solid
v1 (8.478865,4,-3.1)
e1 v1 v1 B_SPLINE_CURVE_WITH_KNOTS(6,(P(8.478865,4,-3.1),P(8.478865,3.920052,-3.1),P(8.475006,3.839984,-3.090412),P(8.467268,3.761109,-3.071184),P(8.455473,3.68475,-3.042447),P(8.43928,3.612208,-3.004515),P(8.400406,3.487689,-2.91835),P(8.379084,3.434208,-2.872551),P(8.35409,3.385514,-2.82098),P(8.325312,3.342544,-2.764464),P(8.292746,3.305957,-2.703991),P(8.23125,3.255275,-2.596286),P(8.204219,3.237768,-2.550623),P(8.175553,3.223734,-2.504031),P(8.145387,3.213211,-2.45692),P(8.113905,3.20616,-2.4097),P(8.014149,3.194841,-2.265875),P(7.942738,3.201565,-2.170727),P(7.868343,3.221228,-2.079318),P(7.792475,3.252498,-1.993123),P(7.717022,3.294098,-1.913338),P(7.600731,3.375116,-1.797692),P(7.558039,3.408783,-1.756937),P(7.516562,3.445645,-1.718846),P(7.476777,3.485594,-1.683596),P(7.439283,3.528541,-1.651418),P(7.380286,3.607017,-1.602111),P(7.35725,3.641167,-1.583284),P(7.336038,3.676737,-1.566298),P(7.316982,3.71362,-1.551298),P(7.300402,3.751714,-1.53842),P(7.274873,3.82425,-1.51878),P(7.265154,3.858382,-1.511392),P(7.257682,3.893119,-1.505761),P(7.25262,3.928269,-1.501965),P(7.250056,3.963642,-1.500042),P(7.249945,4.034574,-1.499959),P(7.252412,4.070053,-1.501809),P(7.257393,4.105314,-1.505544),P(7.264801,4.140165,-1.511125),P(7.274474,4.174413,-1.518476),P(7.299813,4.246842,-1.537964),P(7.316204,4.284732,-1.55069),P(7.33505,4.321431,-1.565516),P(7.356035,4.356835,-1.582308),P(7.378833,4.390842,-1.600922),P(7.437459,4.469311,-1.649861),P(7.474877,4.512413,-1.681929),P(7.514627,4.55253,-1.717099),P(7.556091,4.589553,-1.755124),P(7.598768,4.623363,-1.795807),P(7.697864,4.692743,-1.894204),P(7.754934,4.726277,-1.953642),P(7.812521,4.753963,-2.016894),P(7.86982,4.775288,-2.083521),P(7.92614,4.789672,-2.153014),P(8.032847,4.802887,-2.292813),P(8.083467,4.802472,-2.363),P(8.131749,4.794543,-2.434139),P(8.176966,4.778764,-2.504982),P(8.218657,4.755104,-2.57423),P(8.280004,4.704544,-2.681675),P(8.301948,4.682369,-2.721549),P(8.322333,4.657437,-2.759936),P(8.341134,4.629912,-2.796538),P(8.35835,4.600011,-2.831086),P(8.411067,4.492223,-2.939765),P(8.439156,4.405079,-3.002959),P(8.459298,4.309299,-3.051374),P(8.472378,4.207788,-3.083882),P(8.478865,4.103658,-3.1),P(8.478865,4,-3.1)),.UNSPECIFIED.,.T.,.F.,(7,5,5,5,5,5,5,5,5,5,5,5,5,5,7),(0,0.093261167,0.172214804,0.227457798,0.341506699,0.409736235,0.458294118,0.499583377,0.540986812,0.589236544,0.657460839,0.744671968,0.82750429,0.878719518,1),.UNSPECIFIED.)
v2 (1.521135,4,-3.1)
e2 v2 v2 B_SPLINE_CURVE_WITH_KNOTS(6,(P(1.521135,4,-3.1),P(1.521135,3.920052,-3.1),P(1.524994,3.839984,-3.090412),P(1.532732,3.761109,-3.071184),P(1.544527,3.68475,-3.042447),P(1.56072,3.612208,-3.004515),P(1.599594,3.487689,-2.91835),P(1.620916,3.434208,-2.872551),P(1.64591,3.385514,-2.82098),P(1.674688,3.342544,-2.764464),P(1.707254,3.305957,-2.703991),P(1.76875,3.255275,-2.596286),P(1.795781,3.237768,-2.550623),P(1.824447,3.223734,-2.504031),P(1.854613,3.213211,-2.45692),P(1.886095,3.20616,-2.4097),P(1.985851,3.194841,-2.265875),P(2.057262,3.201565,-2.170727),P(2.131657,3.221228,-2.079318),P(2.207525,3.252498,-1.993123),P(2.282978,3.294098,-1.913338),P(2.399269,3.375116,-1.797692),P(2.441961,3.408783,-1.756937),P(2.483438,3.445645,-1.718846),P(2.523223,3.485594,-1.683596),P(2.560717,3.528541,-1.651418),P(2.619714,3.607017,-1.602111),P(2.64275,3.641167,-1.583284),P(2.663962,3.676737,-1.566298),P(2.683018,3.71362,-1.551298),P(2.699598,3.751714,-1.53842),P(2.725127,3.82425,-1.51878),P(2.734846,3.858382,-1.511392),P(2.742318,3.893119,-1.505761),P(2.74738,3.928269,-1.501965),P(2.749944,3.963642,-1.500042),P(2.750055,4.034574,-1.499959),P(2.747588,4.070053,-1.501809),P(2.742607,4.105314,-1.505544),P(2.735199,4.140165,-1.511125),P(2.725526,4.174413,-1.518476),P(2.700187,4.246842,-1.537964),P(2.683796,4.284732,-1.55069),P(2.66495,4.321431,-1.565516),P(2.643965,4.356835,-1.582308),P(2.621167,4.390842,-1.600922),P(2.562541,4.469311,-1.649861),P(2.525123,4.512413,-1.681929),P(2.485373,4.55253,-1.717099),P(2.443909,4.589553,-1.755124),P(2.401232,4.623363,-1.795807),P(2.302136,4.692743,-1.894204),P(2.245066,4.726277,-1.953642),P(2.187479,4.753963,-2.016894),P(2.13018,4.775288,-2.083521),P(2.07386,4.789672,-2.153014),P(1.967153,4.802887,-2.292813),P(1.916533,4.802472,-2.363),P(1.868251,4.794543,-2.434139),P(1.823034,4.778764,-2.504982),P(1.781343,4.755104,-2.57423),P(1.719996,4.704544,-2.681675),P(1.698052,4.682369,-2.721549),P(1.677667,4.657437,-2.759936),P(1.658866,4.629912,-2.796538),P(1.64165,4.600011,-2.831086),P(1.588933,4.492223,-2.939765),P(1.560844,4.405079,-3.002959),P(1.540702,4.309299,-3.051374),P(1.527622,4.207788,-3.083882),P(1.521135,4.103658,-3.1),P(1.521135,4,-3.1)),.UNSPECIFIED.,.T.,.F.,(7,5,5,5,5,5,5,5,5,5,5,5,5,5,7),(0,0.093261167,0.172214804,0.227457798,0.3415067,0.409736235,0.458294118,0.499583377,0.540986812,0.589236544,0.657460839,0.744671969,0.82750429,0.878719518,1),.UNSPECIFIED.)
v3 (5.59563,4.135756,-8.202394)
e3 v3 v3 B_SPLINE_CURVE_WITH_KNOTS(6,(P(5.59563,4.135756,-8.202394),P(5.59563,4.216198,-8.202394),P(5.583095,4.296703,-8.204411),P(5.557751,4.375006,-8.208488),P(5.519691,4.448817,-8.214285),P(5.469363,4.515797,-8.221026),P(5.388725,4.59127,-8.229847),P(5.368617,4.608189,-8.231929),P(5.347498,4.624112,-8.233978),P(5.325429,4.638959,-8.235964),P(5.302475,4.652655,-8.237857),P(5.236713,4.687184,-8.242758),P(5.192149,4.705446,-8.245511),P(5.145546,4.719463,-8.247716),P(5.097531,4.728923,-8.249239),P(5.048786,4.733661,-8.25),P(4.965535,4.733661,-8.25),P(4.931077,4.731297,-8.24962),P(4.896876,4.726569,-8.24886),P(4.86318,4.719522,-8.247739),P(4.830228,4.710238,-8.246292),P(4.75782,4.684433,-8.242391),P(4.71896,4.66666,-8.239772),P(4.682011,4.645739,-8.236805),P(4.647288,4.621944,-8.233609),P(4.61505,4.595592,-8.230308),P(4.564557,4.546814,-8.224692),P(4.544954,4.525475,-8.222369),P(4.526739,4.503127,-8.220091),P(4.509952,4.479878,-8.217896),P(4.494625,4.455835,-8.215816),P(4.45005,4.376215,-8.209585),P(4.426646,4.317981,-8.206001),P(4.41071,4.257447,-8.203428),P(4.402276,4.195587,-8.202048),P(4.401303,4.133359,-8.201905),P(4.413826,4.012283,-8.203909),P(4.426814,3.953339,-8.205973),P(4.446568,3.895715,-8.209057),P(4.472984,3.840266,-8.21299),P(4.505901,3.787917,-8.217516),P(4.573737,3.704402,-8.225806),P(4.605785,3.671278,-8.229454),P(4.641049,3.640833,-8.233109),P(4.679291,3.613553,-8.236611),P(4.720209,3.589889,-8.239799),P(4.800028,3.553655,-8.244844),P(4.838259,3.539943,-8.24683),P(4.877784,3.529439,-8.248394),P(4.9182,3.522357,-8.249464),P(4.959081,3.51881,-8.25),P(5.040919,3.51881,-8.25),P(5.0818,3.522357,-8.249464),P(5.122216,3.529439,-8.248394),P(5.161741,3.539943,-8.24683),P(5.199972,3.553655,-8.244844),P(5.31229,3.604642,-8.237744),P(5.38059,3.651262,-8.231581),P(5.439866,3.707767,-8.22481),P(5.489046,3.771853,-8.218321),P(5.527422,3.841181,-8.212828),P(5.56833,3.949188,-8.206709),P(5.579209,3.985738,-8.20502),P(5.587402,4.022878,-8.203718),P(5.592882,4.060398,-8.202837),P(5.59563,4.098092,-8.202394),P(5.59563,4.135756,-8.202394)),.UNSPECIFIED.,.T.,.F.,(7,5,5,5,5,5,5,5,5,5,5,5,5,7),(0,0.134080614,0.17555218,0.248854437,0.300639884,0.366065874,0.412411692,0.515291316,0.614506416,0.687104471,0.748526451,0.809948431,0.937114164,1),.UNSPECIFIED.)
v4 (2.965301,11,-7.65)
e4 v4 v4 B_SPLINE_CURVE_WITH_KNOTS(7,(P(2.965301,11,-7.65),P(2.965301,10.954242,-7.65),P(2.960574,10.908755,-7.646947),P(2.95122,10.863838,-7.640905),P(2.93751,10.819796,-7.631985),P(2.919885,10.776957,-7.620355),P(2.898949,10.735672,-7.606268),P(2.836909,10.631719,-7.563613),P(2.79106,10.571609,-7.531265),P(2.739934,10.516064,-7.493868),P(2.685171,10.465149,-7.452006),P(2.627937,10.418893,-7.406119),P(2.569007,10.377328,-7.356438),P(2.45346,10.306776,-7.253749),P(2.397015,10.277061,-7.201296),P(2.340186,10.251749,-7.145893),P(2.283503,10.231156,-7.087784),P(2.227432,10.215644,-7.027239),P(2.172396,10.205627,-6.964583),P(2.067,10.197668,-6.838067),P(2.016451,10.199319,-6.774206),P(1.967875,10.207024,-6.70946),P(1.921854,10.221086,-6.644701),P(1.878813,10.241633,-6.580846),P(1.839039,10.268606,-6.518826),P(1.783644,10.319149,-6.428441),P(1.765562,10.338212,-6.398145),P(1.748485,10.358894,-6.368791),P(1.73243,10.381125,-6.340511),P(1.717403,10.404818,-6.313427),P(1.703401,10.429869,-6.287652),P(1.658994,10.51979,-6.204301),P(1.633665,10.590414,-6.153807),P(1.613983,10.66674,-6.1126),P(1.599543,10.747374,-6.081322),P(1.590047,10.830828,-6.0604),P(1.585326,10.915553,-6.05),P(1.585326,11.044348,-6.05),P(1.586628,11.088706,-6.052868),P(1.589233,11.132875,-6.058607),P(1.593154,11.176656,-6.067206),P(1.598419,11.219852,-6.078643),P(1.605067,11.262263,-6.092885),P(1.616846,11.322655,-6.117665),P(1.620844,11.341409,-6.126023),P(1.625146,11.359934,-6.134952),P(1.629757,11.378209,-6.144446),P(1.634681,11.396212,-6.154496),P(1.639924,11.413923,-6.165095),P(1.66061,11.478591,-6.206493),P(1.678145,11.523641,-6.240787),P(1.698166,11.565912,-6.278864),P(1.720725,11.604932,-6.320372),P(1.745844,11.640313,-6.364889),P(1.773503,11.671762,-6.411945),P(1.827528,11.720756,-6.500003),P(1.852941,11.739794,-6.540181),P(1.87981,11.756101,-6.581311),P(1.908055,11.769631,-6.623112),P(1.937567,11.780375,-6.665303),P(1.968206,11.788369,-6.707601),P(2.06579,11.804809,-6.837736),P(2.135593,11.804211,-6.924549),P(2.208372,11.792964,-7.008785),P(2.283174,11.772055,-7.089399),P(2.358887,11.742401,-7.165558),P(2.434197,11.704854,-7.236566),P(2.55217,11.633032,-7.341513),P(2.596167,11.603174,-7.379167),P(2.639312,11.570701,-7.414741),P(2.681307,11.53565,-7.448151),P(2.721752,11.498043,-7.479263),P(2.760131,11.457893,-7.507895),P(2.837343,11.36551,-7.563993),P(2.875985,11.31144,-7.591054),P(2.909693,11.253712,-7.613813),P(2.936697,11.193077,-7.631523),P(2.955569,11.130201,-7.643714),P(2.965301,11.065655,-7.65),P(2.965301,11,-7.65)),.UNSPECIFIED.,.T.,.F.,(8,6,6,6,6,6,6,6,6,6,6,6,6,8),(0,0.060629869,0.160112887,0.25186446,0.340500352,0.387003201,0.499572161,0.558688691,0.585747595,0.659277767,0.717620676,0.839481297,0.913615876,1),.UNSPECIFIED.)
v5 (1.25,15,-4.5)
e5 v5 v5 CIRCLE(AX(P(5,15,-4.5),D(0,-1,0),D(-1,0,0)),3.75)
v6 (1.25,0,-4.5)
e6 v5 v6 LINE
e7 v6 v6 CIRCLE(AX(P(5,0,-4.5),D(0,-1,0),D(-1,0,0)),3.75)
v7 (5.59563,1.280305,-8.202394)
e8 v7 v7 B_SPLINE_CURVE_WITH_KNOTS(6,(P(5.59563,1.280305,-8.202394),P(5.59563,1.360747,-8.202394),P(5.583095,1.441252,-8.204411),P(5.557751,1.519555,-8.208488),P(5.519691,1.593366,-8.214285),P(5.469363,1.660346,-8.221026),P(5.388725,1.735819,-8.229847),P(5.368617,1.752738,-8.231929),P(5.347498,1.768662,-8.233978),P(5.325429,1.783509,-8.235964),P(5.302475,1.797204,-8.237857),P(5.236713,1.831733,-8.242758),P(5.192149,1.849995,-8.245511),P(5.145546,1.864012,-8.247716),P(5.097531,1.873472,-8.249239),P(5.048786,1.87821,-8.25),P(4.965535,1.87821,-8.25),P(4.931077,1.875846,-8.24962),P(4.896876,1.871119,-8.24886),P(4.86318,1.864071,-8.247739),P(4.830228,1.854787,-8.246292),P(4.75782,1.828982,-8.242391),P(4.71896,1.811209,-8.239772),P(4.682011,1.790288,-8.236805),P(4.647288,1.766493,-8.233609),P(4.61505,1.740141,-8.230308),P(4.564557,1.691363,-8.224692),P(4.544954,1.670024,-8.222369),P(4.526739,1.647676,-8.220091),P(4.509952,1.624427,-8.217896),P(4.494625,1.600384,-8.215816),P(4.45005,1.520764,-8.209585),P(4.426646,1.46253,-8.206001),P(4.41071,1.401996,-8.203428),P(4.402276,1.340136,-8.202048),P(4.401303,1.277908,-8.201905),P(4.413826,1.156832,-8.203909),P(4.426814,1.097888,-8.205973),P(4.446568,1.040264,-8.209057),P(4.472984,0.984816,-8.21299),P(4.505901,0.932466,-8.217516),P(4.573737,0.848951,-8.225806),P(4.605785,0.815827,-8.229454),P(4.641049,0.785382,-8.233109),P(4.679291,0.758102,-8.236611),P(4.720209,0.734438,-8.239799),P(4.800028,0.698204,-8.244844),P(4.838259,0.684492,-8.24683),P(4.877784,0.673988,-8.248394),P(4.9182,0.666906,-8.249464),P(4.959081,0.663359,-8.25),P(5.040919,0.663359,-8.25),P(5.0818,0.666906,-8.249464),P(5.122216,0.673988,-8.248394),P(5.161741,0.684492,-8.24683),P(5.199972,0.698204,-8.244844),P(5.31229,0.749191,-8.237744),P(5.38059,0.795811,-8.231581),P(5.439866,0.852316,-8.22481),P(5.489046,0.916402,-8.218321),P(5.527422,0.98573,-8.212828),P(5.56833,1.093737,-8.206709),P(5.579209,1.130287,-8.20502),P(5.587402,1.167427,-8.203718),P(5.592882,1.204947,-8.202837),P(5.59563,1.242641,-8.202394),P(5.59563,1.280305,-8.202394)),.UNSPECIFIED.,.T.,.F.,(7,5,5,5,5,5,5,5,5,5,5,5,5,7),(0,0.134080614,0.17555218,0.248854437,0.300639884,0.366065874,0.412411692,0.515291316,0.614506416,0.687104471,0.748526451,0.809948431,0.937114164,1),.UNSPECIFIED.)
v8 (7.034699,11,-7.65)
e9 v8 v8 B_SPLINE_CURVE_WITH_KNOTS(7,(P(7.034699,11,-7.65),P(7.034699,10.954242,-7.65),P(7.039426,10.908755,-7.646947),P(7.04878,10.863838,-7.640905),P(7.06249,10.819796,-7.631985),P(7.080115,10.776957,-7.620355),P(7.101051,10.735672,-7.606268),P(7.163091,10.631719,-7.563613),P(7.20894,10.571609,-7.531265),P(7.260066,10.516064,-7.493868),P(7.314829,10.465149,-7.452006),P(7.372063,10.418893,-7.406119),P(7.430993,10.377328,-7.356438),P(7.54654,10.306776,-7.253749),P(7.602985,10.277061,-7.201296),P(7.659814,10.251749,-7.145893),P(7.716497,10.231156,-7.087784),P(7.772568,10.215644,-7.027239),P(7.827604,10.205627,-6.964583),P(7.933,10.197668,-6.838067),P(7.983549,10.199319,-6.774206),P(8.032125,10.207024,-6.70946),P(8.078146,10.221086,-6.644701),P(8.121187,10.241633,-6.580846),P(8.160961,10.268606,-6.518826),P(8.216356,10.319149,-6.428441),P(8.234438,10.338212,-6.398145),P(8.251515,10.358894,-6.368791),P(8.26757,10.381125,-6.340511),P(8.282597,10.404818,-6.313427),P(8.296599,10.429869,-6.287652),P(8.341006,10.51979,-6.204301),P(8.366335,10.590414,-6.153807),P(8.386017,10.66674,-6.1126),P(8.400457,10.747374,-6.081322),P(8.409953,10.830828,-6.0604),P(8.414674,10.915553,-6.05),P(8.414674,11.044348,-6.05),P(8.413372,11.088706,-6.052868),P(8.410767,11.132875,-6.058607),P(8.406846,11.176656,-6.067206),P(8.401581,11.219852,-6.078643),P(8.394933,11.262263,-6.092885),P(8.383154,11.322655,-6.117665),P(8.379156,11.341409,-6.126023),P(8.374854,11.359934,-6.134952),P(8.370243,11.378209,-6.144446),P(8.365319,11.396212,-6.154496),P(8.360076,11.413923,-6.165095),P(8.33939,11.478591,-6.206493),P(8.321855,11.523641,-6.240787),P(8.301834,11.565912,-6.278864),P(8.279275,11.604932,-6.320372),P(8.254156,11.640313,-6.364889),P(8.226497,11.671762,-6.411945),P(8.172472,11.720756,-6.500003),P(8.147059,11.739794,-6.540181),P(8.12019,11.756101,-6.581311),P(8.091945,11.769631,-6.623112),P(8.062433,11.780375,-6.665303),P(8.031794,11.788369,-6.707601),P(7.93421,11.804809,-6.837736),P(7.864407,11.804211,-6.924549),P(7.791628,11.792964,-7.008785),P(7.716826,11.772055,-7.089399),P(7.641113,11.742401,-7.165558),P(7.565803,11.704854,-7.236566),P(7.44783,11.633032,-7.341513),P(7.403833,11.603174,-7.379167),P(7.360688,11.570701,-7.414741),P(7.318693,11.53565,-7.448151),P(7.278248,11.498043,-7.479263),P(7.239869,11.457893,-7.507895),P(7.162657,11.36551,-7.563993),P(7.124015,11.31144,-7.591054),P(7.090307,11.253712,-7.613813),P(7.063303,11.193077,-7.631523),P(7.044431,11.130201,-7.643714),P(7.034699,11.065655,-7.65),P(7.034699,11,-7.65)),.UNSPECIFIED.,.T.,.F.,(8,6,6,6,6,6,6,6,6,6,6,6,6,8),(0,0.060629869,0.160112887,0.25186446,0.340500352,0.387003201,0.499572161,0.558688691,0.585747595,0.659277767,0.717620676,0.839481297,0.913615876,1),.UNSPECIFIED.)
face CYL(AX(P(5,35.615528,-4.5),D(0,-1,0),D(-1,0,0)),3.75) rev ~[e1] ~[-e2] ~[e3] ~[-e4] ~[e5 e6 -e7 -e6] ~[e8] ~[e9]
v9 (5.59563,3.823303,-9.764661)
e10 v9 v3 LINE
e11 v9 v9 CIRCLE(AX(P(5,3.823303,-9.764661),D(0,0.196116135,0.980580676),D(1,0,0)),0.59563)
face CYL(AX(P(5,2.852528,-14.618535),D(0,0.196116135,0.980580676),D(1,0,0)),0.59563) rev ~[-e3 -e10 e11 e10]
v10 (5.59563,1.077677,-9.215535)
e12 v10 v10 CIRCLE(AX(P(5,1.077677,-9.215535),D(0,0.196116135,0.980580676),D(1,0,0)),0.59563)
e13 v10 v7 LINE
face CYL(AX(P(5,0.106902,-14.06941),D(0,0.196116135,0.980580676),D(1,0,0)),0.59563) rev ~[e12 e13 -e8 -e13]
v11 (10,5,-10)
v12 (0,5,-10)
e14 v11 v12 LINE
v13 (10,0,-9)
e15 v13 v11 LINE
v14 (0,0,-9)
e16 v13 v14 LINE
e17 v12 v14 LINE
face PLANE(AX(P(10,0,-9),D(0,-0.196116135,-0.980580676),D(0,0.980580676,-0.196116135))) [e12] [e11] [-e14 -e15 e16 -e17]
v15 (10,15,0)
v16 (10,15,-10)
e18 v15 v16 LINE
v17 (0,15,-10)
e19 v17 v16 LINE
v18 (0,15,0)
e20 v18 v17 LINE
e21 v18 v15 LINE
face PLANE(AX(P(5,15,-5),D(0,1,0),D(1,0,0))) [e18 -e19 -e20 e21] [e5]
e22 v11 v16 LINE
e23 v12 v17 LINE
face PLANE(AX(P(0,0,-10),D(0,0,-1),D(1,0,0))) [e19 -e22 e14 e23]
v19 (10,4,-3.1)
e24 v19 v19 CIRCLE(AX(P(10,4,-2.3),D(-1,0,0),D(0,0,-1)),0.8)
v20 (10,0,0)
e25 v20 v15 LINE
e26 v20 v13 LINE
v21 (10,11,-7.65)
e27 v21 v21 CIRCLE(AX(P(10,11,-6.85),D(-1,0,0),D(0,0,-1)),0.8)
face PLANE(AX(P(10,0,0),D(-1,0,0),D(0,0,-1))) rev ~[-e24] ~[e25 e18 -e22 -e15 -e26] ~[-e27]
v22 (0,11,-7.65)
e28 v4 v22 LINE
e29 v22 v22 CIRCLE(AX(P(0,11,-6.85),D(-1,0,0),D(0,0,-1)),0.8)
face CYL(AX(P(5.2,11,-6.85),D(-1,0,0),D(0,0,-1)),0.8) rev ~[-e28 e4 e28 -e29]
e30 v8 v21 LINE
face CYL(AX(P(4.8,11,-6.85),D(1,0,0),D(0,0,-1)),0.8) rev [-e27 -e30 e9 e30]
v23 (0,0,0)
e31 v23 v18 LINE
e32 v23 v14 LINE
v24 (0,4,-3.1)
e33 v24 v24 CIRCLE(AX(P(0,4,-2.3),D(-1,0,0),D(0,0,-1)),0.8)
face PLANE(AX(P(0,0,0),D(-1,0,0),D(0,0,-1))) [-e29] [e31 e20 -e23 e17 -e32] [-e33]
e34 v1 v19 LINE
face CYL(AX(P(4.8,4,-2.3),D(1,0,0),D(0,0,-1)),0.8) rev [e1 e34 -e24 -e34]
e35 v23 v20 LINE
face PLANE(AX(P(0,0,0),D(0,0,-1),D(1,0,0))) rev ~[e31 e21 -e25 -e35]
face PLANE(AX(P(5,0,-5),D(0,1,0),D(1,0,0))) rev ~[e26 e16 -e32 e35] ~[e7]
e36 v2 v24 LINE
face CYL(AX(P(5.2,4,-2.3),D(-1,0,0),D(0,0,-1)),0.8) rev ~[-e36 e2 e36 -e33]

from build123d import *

# Parameters (mm, degrees)
SKETCH1_W                      = 10
SKETCH1_H                      = 10
BOSS_EXTRUDE1_DEPTH            = 15
F_97_0_0059_DIAMETER_HOLE1_D   = 7.499999986
CUT_EXTRUDE1_DEPTH             = 15
F_0_80_TAPPED_HOLE1_D          = 1.19126
F_0_80_TAPPED_HOLE1_DEPTH      = 4.95
F_0_80_TAPPED_HOLE1_TIP        = 0.357890611
M2X0_4_TAPPED_HOLE1_AT_2_COUNT = 2
M2X0_4_TAPPED_HOLE1_AT_2_PITCH = 8.348802309


with BuildPart() as part:
    # Sketch1 → Boss-Extrude1 (new body)
    with BuildSketch(Plane(origin=(0, 0, 0), x_dir=(1, 0, 0), z_dir=(0, 1, 0))):
        with Locations((5, 5)):
            Rectangle(SKETCH1_W, SKETCH1_H)
    extrude(amount=BOSS_EXTRUDE1_DEPTH)

    # #97 (0.0059) Diameter Hole1 (through all)
    with Locations(Plane(origin=(0, 15, 0), x_dir=(1, 0, 0), z_dir=(0, 1, 0))):
        with Locations((5, 4.5)):
            Hole(F_97_0_0059_DIAMETER_HOLE1_D / 2)

    # Sketch4 → Cut-Extrude1 (cut)
    with BuildSketch(Plane(origin=(10, 0, 0), x_dir=(0, 0, -1), z_dir=(1, 0, 0))):
        Polygon((10, 0), (9, 0), (10, 5.000000002), align=None)
    extrude(amount=-CUT_EXTRUDE1_DEPTH, mode=Mode.SUBTRACT)

    # #0-80 Tapped Hole1
    with Locations(Plane(origin=(0, -1.73076923, -8.653846154), x_dir=(-1, 0, 0), z_dir=(0, -0.19611613506937778, -0.9805806757046814))):
        with Locations((-5, 5.664064731), (-5, 2.864064731)):
            Hole(F_0_80_TAPPED_HOLE1_D / 2, depth=F_0_80_TAPPED_HOLE1_DEPTH)
            with Locations((0, 0, -(F_0_80_TAPPED_HOLE1_DEPTH + F_0_80_TAPPED_HOLE1_TIP / 2))):  # 118° drill point
                Cone(0, F_0_80_TAPPED_HOLE1_D / 2, F_0_80_TAPPED_HOLE1_TIP, mode=Mode.SUBTRACT)

    # Sketch7 → M2x0.4 Tapped Hole1 (revolve, cut)
    with BuildSketch(Plane(origin=(10, 4, -2.3), x_dir=(0, 0, -1), z_dir=(0, 1, 0))):
        Polygon((0, 0), (0, 5.680688495), (0.8, 5.2), (0.8, 0), align=None)
    m2x0_4_tapped_hole1 = revolve(axis=Axis((16.35, 4, -2.3), (-1, 0, 0)), mode=Mode.SUBTRACT)

    # M2x0.4 Tapped Hole1 at 2: M2x0.4 Tapped Hole1 ×2
    with Locations(*[Vector(0, 0.838443616300637, -0.5449883505954144) * (i * M2X0_4_TAPPED_HOLE1_AT_2_PITCH) for i in range(1, M2X0_4_TAPPED_HOLE1_AT_2_COUNT)]):
        add(m2x0_4_tapped_hole1, mode=Mode.SUBTRACT)

    # Mirror1: M2x0.4 Tapped Hole1 across plane
    add(m2x0_4_tapped_hole1.mirror(Plane(origin=(5, 0, 0), x_dir=(0, 0, 1), z_dir=(1, 0, 0))), mode=Mode.SUBTRACT)

    # Mirror1 copy 1 sketch → Mirror1 copy 1 (revolve, cut)
    with BuildSketch(Plane(origin=(0, 11, -6.85), x_dir=(0, 0, -1), z_dir=(0, 1, 0))):
        Polygon((0, 0), (0, -5.680688495), (0.8, -5.2), (0.8, 0), align=None)
    revolve(axis=Axis((-6.35, 11, -6.85), (-1, 0, 0)), mode=Mode.SUBTRACT)


solid = part.part
